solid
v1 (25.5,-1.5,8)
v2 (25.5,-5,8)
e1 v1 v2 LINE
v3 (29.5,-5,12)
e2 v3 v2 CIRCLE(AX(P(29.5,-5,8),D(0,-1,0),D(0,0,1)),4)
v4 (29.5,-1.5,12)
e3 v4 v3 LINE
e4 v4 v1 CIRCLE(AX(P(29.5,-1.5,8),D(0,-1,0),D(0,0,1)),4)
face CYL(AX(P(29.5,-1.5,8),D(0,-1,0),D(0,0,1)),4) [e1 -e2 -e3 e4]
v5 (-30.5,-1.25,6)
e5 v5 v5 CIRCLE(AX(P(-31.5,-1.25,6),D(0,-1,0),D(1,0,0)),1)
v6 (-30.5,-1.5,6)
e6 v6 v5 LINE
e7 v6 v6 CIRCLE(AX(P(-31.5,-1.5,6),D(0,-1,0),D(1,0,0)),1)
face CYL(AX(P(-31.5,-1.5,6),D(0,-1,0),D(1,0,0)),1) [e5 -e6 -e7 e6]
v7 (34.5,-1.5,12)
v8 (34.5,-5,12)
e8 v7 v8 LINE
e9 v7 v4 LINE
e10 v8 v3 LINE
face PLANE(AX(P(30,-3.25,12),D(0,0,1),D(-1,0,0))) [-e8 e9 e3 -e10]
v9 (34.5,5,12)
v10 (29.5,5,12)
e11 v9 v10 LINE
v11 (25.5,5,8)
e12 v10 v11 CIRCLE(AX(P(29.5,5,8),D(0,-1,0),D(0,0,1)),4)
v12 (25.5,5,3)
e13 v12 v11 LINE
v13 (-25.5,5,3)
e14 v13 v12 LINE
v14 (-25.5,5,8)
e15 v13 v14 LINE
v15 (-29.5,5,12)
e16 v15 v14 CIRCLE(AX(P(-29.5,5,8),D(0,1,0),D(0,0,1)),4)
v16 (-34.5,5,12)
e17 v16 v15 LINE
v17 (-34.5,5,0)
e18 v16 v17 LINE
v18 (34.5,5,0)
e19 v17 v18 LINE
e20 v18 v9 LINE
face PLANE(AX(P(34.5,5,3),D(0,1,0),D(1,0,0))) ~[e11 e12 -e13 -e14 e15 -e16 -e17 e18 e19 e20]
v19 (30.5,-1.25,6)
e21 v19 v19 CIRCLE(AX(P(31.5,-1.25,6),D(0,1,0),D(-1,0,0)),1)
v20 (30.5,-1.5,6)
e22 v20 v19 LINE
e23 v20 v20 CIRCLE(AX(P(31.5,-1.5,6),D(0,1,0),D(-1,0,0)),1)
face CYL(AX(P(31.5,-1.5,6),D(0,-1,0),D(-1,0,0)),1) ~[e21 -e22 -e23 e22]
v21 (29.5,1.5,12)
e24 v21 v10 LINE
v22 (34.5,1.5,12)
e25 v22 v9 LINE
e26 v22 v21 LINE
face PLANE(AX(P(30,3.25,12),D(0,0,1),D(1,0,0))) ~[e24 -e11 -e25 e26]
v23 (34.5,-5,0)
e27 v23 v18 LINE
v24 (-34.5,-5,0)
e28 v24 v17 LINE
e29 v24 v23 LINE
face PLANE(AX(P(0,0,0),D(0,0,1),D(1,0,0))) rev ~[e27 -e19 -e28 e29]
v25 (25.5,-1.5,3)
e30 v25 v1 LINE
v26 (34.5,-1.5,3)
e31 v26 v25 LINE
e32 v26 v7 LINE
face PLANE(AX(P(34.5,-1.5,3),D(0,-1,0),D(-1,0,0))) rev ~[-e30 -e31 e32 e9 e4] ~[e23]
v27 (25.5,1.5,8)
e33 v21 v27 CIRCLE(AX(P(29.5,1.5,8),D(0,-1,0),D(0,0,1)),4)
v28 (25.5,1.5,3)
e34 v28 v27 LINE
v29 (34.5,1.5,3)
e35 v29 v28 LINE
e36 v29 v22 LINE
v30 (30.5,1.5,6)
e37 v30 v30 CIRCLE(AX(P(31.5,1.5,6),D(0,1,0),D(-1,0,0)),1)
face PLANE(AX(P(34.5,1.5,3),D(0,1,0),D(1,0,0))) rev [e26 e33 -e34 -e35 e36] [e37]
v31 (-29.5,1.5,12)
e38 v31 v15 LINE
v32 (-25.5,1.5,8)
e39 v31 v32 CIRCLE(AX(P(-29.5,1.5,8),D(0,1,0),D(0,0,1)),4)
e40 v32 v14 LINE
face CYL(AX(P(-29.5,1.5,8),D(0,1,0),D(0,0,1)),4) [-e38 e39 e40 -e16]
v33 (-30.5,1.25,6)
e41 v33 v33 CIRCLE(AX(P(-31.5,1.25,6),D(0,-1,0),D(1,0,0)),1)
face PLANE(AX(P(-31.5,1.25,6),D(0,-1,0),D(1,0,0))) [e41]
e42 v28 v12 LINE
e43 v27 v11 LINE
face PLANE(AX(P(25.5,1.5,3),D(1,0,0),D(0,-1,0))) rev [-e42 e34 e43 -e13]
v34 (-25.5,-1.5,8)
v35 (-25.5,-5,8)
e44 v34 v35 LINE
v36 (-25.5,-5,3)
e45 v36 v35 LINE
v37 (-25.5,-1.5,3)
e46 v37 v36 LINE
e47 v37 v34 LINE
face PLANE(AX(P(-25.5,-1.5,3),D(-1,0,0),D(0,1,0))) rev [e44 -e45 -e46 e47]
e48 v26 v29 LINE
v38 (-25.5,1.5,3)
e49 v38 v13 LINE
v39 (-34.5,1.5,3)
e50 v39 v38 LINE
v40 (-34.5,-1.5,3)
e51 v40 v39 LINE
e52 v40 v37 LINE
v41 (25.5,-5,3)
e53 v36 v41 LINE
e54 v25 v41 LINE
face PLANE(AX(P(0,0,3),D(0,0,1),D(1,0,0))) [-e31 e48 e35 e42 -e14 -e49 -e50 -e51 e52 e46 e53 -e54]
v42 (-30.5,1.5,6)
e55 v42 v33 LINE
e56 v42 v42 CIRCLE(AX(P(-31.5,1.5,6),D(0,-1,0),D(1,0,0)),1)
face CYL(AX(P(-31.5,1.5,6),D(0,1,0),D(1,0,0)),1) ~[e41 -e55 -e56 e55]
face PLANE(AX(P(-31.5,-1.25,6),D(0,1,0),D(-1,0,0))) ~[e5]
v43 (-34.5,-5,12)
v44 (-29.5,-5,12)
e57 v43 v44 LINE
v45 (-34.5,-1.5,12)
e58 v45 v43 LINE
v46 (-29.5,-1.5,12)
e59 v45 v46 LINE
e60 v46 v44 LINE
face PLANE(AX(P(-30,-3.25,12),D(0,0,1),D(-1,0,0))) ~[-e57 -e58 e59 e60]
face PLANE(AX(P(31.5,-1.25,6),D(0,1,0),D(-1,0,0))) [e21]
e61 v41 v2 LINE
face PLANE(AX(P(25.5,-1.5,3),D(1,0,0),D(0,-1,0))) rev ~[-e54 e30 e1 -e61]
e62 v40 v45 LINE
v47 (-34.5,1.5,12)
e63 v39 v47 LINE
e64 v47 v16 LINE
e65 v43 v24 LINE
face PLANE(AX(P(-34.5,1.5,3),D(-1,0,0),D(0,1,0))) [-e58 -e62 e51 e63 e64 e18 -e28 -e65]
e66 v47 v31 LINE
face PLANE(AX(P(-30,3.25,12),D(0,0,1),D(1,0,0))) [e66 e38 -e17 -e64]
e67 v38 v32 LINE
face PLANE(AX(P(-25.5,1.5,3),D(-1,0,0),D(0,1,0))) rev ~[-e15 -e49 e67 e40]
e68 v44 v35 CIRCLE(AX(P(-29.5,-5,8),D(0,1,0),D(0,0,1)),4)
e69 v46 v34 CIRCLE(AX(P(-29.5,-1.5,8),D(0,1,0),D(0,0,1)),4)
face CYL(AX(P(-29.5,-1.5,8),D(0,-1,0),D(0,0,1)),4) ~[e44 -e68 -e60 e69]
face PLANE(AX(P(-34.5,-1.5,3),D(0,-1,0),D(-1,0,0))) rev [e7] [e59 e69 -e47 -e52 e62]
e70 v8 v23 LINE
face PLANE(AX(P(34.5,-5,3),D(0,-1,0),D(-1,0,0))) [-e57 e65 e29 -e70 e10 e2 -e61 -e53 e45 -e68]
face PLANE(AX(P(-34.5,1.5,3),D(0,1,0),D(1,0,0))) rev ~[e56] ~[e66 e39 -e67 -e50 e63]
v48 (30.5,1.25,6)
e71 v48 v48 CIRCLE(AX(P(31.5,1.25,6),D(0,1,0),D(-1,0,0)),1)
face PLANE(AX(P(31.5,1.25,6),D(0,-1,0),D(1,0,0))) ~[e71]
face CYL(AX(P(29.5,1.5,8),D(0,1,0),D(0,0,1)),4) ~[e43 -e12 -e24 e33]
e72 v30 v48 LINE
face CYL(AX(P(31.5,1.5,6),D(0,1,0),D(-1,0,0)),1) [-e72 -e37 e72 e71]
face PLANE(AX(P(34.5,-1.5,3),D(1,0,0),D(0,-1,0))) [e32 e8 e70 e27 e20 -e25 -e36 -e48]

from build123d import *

# Parameters (mm, degrees)
F2_W     = 69
F2_H     = 10
F3_DEPTH = 3
F4_W     = 9
F4_H     = 3.5
F5_DEPTH = 9
F6_R     = 1
F7_DEPTH = 0.25
F8_R     = 4


with BuildPart() as f3:
    # F2 (on Top) → F3 (new body)
    with BuildSketch(Plane.XY):
        Rectangle(F2_W, F2_H)
    extrude(amount=F3_DEPTH)

    # F4 (on face) → F5 (join)
    with BuildSketch(Plane.XY.offset(3)):
        with Locations((-30, 3.25)):
            Rectangle(F4_W, F4_H)
    extrude(amount=F5_DEPTH)

    # F6 (on face) → F7 (join)
    with BuildSketch(Plane.XZ.offset(-1.5)):
        with Locations((-31.5, 6)):
            Circle(F6_R)
    extrude(amount=F7_DEPTH)

    # F8
    f8_edges = [f3.edges().sort_by_distance(p)[0] for p in [
        (-25.5, 3.25, 12),
    ]]
    fillet(f8_edges, radius=F8_R)

    # F9: F3 across plane


with BuildPart() as f3_1:
    add(f3.part)
    add(f3.part.mirror(Plane.YZ))

    # F10: F3 across plane


with BuildPart() as f3_2:
    add(f3_1.part)
    add(f3_1.part.mirror(Plane.XZ))


solid = f3_2.part
